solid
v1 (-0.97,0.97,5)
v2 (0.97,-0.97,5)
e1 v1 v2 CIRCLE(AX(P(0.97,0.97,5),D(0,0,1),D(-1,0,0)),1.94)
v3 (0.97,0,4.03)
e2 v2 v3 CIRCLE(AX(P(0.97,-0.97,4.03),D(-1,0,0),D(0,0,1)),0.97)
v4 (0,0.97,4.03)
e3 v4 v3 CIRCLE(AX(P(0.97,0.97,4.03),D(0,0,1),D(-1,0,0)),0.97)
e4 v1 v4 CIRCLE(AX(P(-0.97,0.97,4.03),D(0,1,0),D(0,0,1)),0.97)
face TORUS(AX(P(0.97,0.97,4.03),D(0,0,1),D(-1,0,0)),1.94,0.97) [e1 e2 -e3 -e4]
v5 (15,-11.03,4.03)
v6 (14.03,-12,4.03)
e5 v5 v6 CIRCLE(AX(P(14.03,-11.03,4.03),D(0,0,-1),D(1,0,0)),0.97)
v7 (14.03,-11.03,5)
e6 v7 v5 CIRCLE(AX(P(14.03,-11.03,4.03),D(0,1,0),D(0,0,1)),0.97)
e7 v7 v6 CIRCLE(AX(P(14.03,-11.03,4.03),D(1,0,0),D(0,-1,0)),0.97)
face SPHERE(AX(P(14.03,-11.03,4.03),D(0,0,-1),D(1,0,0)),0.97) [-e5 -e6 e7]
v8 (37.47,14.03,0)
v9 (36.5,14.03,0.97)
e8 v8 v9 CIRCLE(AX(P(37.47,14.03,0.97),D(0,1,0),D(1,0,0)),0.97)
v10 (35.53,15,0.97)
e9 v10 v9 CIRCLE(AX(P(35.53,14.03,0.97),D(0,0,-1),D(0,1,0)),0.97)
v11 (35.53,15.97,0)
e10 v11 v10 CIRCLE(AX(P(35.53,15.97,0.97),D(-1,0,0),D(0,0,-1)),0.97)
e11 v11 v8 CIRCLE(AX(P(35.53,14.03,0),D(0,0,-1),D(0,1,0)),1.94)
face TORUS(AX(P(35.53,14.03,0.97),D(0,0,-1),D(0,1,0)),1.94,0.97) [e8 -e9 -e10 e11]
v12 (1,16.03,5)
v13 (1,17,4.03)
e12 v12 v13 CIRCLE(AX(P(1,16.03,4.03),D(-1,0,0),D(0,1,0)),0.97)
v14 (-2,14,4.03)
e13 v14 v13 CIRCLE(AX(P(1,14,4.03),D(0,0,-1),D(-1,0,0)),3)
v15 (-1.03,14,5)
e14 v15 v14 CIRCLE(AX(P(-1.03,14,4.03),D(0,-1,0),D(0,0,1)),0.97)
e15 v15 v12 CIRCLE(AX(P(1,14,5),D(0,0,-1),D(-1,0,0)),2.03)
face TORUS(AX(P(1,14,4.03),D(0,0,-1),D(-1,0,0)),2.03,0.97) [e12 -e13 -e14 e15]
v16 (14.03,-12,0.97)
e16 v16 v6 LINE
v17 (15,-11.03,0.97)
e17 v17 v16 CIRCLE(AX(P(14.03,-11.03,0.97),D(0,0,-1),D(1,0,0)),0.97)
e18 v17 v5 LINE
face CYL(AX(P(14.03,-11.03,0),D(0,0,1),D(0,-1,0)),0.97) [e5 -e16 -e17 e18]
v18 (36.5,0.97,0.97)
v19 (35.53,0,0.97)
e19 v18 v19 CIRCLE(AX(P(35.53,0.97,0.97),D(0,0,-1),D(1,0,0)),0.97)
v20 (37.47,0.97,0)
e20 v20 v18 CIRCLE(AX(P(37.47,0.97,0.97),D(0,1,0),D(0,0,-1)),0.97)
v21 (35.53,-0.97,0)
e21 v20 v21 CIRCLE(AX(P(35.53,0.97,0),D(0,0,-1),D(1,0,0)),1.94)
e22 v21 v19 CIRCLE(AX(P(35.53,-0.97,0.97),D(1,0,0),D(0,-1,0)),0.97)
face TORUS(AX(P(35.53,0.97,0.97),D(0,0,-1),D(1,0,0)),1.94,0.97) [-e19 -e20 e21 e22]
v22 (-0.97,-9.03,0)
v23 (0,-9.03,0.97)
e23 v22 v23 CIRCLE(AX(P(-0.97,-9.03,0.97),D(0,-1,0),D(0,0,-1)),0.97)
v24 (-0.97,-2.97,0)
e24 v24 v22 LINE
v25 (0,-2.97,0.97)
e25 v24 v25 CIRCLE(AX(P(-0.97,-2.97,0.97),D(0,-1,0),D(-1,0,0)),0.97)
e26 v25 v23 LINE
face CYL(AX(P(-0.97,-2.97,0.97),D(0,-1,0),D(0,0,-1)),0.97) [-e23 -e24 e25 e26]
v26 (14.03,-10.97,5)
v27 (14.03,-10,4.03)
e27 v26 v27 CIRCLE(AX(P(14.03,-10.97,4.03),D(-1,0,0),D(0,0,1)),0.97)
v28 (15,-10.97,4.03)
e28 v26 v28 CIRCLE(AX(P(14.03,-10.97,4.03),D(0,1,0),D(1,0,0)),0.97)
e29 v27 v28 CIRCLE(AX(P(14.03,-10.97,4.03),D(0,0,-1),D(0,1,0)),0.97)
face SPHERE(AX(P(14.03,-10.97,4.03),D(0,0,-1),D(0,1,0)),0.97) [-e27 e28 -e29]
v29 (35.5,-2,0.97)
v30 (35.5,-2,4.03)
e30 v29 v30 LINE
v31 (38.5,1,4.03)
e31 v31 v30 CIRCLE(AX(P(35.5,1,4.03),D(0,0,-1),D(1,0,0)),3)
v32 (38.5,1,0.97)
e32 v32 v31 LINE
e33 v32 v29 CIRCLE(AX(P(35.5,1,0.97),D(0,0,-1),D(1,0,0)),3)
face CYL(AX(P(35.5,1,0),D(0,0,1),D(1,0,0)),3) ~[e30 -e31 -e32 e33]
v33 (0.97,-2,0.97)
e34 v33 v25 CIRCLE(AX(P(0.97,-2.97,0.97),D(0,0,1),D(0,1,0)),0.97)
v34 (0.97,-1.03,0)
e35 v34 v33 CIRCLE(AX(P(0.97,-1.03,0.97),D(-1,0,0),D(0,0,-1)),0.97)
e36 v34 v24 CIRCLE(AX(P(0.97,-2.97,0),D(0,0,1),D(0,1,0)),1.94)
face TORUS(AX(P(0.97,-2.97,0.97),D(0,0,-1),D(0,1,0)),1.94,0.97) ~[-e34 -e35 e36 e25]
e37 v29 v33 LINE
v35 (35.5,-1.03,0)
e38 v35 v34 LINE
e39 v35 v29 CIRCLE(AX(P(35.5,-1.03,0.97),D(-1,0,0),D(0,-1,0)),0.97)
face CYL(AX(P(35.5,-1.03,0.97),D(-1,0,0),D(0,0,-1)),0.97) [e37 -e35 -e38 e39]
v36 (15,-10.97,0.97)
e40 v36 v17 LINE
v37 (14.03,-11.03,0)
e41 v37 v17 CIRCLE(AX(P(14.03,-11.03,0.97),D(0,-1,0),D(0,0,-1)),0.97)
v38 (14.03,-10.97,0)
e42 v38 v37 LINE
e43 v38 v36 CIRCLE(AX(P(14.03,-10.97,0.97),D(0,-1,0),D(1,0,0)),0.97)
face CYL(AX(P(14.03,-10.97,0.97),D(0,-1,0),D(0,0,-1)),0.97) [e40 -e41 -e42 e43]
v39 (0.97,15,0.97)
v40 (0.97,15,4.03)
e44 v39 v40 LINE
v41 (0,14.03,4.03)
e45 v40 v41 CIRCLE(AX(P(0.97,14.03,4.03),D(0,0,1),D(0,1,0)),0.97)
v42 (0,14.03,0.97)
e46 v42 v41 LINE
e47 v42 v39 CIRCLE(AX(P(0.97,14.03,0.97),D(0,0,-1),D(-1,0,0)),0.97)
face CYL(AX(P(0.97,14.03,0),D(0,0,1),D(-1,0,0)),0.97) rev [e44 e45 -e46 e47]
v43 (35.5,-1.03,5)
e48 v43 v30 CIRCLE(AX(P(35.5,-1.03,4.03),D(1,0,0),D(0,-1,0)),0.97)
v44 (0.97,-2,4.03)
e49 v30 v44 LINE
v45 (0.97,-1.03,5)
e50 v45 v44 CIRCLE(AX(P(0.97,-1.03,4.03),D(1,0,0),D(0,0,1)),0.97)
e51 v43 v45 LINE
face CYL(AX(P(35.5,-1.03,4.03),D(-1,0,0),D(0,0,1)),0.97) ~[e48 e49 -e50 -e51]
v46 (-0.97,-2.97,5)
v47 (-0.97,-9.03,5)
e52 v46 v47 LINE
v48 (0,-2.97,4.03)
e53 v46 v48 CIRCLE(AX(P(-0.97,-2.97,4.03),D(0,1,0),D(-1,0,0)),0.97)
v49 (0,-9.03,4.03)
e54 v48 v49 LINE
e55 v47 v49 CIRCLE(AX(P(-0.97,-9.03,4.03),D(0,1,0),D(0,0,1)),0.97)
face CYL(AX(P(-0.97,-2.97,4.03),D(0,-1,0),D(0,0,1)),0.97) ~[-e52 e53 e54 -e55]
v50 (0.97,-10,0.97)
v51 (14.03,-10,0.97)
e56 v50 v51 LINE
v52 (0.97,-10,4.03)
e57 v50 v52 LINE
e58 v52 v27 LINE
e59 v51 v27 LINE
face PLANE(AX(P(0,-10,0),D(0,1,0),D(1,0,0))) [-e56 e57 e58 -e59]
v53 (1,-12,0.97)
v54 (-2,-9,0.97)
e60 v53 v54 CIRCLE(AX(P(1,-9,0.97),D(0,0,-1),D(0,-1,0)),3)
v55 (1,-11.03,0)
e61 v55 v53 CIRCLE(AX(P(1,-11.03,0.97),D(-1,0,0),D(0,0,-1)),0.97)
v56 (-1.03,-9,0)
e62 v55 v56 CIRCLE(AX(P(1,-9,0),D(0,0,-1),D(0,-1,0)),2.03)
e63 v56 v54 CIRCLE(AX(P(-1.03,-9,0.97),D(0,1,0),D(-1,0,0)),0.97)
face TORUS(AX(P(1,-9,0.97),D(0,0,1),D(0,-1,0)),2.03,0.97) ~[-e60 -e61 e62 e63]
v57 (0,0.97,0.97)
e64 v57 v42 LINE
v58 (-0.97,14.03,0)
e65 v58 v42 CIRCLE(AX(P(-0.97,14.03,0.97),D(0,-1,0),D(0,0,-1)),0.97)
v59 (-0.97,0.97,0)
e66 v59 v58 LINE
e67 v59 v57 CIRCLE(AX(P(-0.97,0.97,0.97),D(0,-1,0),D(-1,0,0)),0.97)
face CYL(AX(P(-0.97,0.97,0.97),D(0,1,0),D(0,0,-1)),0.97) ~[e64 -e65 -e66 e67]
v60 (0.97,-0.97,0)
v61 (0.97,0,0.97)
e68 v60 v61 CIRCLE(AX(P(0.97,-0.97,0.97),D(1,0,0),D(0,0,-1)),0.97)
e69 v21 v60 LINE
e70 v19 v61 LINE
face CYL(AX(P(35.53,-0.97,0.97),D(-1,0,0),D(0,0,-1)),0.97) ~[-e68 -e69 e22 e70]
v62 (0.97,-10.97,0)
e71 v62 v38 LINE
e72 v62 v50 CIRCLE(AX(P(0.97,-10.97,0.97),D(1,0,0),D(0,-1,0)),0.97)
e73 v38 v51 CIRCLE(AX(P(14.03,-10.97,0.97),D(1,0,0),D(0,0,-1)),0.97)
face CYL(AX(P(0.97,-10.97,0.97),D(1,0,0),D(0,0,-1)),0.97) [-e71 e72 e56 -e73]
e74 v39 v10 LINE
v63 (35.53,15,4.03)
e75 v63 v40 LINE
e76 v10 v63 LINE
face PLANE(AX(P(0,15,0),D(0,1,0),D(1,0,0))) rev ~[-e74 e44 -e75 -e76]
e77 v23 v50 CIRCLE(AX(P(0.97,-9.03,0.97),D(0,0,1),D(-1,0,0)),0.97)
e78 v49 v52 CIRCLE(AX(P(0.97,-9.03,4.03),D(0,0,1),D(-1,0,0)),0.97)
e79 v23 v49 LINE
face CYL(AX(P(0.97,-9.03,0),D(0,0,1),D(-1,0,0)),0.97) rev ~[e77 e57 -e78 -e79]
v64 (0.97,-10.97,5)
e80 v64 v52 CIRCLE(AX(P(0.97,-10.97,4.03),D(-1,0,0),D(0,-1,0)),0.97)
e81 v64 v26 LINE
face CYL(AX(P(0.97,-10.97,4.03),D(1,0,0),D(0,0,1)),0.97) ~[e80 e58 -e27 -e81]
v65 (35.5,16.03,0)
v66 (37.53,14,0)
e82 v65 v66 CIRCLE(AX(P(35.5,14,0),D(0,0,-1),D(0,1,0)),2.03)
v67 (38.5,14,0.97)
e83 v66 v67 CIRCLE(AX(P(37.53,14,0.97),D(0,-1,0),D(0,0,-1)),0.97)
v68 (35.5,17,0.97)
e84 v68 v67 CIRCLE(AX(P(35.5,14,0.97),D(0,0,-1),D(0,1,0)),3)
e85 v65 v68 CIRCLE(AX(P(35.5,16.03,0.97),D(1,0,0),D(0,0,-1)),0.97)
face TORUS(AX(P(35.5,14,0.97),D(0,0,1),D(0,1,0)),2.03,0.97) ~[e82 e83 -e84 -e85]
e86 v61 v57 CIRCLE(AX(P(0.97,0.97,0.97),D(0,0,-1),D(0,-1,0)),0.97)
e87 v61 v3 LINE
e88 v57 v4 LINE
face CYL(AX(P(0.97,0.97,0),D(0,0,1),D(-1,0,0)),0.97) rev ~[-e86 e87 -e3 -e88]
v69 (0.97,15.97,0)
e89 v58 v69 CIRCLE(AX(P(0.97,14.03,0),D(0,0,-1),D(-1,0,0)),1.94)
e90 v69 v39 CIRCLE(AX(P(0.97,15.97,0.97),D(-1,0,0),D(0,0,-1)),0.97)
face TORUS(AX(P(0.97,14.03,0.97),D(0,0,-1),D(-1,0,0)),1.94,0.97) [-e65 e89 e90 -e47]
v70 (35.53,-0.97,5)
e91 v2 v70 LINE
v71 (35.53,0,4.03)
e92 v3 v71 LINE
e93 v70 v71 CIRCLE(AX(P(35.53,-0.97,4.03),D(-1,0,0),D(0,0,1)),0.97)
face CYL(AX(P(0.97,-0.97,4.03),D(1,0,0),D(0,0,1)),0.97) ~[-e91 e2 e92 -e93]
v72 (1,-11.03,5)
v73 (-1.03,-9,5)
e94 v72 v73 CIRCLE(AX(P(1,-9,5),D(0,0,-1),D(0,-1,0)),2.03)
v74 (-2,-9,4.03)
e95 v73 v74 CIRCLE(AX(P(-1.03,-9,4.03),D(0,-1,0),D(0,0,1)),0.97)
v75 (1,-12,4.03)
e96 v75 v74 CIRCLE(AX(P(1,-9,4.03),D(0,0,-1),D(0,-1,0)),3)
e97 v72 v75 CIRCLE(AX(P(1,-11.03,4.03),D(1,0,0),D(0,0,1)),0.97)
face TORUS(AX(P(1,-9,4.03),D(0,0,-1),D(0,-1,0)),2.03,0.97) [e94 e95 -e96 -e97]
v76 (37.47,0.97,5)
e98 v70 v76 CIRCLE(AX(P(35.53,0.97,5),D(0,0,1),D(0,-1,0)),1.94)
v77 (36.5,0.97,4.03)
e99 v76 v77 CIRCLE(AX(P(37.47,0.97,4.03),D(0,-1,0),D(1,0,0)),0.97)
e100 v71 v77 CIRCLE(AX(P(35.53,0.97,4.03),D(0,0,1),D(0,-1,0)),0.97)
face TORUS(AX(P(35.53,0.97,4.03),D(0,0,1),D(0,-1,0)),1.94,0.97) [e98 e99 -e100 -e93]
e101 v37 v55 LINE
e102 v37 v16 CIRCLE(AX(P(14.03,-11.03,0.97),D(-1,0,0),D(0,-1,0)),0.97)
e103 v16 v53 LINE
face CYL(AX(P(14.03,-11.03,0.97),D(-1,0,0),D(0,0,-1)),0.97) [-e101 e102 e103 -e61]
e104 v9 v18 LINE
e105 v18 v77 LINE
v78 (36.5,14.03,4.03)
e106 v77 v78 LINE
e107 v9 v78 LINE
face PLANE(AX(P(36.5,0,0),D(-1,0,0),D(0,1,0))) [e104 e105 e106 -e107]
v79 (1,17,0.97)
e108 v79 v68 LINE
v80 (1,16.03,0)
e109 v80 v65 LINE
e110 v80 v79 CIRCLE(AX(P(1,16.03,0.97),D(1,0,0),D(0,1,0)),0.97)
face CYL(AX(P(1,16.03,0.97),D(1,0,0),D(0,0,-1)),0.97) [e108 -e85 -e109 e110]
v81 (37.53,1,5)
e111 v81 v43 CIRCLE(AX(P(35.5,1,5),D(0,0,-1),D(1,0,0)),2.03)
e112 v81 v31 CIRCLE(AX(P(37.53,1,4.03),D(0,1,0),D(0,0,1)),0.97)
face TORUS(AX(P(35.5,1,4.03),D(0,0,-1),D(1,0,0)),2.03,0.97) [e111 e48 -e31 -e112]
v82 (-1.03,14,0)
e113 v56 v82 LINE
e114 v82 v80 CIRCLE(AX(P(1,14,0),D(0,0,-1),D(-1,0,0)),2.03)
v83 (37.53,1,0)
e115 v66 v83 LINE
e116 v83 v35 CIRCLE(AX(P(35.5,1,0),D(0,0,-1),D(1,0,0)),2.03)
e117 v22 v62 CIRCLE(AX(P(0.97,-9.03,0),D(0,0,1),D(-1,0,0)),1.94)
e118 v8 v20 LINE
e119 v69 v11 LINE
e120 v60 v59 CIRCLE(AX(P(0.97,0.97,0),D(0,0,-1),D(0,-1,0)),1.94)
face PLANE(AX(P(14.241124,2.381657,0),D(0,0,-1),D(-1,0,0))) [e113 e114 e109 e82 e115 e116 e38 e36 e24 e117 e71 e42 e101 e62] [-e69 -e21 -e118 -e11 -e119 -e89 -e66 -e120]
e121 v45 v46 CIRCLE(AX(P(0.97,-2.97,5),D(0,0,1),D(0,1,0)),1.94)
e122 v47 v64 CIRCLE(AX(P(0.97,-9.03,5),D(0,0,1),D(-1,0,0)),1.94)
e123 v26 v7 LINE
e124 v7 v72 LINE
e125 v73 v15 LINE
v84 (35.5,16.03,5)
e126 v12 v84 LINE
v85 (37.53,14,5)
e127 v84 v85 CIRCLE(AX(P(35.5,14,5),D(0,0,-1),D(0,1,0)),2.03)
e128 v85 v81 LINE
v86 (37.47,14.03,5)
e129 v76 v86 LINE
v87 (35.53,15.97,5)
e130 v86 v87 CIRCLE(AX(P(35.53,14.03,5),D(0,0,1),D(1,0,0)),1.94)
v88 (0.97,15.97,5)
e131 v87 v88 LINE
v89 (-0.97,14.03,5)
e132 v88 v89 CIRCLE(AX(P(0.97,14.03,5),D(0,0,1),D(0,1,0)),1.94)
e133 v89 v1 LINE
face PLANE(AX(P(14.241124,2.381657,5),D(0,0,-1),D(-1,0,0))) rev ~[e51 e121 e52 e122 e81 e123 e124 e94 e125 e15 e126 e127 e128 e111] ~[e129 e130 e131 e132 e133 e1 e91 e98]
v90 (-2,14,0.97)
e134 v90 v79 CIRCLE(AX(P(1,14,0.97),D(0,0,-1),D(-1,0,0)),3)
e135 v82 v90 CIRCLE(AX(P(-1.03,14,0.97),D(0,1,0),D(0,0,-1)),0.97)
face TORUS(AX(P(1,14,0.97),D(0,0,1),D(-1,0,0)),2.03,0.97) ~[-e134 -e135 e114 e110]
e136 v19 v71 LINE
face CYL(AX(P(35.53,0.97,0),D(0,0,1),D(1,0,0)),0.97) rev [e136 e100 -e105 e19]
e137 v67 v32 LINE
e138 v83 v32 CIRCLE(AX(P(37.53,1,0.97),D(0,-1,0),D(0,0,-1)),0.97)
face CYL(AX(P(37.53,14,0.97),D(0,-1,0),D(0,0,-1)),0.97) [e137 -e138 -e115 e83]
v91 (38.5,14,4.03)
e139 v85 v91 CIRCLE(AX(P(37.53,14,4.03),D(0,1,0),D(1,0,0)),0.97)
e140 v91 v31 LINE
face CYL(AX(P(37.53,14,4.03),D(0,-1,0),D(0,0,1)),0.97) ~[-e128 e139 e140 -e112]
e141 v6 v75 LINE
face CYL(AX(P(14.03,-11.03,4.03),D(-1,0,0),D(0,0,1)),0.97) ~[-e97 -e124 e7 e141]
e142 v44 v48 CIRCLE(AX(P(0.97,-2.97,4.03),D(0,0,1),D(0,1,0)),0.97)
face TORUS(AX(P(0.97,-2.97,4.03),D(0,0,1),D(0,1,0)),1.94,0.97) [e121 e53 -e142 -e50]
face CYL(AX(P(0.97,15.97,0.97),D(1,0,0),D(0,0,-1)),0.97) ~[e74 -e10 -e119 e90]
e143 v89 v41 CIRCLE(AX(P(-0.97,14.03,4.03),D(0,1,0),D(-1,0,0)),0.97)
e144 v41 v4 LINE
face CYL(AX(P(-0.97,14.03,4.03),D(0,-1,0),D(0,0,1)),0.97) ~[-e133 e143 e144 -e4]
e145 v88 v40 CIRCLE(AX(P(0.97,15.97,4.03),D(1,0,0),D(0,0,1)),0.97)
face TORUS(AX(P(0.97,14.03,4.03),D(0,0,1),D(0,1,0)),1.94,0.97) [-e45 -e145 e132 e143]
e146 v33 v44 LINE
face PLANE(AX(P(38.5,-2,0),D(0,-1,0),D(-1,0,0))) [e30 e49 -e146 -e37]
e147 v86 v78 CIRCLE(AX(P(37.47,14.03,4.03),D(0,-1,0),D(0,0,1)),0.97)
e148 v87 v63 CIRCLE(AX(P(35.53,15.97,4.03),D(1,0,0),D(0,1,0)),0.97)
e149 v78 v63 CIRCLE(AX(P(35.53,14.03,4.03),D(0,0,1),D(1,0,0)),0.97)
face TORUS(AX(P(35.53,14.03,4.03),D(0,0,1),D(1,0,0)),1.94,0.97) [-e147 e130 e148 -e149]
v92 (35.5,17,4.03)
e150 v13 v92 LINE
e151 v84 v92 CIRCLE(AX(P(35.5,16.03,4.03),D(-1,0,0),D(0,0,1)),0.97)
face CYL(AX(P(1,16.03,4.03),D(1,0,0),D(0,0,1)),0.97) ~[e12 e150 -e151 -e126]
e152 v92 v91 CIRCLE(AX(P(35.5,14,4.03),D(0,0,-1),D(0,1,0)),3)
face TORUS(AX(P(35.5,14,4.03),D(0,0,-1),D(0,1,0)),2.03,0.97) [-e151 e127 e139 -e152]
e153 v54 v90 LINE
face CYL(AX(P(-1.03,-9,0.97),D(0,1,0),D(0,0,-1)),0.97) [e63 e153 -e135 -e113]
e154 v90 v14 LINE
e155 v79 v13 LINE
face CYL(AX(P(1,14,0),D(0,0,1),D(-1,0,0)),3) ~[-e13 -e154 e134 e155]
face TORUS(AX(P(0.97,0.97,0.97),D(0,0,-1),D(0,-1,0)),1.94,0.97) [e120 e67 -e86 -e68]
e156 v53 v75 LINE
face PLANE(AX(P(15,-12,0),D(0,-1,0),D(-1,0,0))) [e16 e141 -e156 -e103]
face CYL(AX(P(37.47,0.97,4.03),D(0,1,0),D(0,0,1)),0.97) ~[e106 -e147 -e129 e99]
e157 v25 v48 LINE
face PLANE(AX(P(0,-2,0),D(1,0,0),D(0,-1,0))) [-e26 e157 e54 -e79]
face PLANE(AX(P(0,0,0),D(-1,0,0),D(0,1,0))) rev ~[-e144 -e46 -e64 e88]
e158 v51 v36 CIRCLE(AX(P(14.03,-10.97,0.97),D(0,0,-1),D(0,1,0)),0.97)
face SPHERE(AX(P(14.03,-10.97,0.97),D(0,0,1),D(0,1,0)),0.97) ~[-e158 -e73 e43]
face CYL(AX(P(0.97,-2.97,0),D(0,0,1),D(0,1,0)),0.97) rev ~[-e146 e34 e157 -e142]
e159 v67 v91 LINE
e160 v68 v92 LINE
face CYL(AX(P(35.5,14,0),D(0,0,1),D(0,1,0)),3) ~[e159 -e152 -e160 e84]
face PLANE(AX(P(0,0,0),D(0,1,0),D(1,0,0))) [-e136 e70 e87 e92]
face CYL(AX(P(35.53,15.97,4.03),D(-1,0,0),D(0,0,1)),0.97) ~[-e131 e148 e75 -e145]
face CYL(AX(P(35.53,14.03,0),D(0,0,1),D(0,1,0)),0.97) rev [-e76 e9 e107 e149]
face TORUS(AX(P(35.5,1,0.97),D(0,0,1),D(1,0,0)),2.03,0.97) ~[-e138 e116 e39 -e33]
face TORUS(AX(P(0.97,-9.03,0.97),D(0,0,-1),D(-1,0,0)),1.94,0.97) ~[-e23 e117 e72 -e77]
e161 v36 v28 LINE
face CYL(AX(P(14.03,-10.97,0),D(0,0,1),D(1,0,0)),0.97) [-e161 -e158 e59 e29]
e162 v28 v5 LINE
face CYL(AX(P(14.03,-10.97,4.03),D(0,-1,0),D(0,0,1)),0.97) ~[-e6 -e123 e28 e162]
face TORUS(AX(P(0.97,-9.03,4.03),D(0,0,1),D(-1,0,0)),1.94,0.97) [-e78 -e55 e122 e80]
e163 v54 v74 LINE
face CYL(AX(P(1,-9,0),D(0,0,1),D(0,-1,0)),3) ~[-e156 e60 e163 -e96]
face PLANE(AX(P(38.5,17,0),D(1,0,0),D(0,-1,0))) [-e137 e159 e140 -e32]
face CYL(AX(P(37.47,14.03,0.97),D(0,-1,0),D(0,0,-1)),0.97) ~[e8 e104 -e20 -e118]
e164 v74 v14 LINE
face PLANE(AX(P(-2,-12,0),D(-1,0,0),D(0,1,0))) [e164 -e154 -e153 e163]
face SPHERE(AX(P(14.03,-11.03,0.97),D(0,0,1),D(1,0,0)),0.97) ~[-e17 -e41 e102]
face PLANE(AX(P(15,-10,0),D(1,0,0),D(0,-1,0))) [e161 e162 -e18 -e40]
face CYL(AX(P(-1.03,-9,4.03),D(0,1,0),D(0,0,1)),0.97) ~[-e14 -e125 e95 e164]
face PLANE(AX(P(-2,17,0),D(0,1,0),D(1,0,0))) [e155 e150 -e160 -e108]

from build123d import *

# Parameters (mm, degrees)
SKETCH_W    = 36.5
SKETCH_H    = 15
PAD_DEPTH   = 5
FILLET_R    = 0.97
FILLET001_R = 3
FILLET002_R = 0.97


with BuildPart() as part:
    # Sketch → Pad (new body)
    with BuildSketch(Plane.XY):
        Polygon((-2, 17), (38.5, 17), (38.5, -2), (0, -2), (0, -10), (15, -10), (15, -12), (-2, -12), align=None)
        with Locations((18.25, 7.5)):
            Rectangle(SKETCH_W, SKETCH_H, mode=Mode.SUBTRACT)
    extrude(amount=PAD_DEPTH)

    # Fillet
    fillet_edges = [part.edges().sort_by_distance(p)[0] for p in [
        (0, 15, 2.5),
        (36.5, 15, 2.5),
        (0, 0, 2.5),
        (36.5, 0, 2.5),
        (0, -2, 2.5),
        (0, -10, 2.5),
        (15, -10, 2.5),
        (15, -12, 2.5),
    ]]
    fillet(fillet_edges, radius=FILLET_R)

    # Fillet001
    fillet001_edges = [part.edges().sort_by_distance(p)[0] for p in [
        (-2, -12, 2.5),
        (38.5, -2, 2.5),
        (38.5, 17, 2.5),
        (-2, 17, 2.5),
    ]]
    fillet(fillet001_edges, radius=FILLET001_R)

    # Fillet002
    fillet002_edges = [part.edges().sort_by_distance(p)[0] for p in [
        (18.25, 0, 5),
        (0.284106, 0.284106, 5),
        (0, 7.5, 5),
        (0.284106, 14.715894, 5),
        (18.25, 15, 5),
        (36.215894, 14.715894, 5),
        (36.5, 7.5, 5),
        (36.215894, 0.284106, 5),
        (18.25, 15, 0),
        (0.284106, 14.715894, 0),
        (36.215894, 14.715894, 0),
        (36.5, 7.5, 0),
        (0, 7.5, 0),
        (0.284106, 0.284106, 0),
        (18.25, 0, 0),
        (36.215894, 0.284106, 0),
        (38.5, 7.5, 0),
        (-2, 2.5, 5),
    ]]
    fillet(fillet002_edges, radius=FILLET002_R)


solid = part.part
